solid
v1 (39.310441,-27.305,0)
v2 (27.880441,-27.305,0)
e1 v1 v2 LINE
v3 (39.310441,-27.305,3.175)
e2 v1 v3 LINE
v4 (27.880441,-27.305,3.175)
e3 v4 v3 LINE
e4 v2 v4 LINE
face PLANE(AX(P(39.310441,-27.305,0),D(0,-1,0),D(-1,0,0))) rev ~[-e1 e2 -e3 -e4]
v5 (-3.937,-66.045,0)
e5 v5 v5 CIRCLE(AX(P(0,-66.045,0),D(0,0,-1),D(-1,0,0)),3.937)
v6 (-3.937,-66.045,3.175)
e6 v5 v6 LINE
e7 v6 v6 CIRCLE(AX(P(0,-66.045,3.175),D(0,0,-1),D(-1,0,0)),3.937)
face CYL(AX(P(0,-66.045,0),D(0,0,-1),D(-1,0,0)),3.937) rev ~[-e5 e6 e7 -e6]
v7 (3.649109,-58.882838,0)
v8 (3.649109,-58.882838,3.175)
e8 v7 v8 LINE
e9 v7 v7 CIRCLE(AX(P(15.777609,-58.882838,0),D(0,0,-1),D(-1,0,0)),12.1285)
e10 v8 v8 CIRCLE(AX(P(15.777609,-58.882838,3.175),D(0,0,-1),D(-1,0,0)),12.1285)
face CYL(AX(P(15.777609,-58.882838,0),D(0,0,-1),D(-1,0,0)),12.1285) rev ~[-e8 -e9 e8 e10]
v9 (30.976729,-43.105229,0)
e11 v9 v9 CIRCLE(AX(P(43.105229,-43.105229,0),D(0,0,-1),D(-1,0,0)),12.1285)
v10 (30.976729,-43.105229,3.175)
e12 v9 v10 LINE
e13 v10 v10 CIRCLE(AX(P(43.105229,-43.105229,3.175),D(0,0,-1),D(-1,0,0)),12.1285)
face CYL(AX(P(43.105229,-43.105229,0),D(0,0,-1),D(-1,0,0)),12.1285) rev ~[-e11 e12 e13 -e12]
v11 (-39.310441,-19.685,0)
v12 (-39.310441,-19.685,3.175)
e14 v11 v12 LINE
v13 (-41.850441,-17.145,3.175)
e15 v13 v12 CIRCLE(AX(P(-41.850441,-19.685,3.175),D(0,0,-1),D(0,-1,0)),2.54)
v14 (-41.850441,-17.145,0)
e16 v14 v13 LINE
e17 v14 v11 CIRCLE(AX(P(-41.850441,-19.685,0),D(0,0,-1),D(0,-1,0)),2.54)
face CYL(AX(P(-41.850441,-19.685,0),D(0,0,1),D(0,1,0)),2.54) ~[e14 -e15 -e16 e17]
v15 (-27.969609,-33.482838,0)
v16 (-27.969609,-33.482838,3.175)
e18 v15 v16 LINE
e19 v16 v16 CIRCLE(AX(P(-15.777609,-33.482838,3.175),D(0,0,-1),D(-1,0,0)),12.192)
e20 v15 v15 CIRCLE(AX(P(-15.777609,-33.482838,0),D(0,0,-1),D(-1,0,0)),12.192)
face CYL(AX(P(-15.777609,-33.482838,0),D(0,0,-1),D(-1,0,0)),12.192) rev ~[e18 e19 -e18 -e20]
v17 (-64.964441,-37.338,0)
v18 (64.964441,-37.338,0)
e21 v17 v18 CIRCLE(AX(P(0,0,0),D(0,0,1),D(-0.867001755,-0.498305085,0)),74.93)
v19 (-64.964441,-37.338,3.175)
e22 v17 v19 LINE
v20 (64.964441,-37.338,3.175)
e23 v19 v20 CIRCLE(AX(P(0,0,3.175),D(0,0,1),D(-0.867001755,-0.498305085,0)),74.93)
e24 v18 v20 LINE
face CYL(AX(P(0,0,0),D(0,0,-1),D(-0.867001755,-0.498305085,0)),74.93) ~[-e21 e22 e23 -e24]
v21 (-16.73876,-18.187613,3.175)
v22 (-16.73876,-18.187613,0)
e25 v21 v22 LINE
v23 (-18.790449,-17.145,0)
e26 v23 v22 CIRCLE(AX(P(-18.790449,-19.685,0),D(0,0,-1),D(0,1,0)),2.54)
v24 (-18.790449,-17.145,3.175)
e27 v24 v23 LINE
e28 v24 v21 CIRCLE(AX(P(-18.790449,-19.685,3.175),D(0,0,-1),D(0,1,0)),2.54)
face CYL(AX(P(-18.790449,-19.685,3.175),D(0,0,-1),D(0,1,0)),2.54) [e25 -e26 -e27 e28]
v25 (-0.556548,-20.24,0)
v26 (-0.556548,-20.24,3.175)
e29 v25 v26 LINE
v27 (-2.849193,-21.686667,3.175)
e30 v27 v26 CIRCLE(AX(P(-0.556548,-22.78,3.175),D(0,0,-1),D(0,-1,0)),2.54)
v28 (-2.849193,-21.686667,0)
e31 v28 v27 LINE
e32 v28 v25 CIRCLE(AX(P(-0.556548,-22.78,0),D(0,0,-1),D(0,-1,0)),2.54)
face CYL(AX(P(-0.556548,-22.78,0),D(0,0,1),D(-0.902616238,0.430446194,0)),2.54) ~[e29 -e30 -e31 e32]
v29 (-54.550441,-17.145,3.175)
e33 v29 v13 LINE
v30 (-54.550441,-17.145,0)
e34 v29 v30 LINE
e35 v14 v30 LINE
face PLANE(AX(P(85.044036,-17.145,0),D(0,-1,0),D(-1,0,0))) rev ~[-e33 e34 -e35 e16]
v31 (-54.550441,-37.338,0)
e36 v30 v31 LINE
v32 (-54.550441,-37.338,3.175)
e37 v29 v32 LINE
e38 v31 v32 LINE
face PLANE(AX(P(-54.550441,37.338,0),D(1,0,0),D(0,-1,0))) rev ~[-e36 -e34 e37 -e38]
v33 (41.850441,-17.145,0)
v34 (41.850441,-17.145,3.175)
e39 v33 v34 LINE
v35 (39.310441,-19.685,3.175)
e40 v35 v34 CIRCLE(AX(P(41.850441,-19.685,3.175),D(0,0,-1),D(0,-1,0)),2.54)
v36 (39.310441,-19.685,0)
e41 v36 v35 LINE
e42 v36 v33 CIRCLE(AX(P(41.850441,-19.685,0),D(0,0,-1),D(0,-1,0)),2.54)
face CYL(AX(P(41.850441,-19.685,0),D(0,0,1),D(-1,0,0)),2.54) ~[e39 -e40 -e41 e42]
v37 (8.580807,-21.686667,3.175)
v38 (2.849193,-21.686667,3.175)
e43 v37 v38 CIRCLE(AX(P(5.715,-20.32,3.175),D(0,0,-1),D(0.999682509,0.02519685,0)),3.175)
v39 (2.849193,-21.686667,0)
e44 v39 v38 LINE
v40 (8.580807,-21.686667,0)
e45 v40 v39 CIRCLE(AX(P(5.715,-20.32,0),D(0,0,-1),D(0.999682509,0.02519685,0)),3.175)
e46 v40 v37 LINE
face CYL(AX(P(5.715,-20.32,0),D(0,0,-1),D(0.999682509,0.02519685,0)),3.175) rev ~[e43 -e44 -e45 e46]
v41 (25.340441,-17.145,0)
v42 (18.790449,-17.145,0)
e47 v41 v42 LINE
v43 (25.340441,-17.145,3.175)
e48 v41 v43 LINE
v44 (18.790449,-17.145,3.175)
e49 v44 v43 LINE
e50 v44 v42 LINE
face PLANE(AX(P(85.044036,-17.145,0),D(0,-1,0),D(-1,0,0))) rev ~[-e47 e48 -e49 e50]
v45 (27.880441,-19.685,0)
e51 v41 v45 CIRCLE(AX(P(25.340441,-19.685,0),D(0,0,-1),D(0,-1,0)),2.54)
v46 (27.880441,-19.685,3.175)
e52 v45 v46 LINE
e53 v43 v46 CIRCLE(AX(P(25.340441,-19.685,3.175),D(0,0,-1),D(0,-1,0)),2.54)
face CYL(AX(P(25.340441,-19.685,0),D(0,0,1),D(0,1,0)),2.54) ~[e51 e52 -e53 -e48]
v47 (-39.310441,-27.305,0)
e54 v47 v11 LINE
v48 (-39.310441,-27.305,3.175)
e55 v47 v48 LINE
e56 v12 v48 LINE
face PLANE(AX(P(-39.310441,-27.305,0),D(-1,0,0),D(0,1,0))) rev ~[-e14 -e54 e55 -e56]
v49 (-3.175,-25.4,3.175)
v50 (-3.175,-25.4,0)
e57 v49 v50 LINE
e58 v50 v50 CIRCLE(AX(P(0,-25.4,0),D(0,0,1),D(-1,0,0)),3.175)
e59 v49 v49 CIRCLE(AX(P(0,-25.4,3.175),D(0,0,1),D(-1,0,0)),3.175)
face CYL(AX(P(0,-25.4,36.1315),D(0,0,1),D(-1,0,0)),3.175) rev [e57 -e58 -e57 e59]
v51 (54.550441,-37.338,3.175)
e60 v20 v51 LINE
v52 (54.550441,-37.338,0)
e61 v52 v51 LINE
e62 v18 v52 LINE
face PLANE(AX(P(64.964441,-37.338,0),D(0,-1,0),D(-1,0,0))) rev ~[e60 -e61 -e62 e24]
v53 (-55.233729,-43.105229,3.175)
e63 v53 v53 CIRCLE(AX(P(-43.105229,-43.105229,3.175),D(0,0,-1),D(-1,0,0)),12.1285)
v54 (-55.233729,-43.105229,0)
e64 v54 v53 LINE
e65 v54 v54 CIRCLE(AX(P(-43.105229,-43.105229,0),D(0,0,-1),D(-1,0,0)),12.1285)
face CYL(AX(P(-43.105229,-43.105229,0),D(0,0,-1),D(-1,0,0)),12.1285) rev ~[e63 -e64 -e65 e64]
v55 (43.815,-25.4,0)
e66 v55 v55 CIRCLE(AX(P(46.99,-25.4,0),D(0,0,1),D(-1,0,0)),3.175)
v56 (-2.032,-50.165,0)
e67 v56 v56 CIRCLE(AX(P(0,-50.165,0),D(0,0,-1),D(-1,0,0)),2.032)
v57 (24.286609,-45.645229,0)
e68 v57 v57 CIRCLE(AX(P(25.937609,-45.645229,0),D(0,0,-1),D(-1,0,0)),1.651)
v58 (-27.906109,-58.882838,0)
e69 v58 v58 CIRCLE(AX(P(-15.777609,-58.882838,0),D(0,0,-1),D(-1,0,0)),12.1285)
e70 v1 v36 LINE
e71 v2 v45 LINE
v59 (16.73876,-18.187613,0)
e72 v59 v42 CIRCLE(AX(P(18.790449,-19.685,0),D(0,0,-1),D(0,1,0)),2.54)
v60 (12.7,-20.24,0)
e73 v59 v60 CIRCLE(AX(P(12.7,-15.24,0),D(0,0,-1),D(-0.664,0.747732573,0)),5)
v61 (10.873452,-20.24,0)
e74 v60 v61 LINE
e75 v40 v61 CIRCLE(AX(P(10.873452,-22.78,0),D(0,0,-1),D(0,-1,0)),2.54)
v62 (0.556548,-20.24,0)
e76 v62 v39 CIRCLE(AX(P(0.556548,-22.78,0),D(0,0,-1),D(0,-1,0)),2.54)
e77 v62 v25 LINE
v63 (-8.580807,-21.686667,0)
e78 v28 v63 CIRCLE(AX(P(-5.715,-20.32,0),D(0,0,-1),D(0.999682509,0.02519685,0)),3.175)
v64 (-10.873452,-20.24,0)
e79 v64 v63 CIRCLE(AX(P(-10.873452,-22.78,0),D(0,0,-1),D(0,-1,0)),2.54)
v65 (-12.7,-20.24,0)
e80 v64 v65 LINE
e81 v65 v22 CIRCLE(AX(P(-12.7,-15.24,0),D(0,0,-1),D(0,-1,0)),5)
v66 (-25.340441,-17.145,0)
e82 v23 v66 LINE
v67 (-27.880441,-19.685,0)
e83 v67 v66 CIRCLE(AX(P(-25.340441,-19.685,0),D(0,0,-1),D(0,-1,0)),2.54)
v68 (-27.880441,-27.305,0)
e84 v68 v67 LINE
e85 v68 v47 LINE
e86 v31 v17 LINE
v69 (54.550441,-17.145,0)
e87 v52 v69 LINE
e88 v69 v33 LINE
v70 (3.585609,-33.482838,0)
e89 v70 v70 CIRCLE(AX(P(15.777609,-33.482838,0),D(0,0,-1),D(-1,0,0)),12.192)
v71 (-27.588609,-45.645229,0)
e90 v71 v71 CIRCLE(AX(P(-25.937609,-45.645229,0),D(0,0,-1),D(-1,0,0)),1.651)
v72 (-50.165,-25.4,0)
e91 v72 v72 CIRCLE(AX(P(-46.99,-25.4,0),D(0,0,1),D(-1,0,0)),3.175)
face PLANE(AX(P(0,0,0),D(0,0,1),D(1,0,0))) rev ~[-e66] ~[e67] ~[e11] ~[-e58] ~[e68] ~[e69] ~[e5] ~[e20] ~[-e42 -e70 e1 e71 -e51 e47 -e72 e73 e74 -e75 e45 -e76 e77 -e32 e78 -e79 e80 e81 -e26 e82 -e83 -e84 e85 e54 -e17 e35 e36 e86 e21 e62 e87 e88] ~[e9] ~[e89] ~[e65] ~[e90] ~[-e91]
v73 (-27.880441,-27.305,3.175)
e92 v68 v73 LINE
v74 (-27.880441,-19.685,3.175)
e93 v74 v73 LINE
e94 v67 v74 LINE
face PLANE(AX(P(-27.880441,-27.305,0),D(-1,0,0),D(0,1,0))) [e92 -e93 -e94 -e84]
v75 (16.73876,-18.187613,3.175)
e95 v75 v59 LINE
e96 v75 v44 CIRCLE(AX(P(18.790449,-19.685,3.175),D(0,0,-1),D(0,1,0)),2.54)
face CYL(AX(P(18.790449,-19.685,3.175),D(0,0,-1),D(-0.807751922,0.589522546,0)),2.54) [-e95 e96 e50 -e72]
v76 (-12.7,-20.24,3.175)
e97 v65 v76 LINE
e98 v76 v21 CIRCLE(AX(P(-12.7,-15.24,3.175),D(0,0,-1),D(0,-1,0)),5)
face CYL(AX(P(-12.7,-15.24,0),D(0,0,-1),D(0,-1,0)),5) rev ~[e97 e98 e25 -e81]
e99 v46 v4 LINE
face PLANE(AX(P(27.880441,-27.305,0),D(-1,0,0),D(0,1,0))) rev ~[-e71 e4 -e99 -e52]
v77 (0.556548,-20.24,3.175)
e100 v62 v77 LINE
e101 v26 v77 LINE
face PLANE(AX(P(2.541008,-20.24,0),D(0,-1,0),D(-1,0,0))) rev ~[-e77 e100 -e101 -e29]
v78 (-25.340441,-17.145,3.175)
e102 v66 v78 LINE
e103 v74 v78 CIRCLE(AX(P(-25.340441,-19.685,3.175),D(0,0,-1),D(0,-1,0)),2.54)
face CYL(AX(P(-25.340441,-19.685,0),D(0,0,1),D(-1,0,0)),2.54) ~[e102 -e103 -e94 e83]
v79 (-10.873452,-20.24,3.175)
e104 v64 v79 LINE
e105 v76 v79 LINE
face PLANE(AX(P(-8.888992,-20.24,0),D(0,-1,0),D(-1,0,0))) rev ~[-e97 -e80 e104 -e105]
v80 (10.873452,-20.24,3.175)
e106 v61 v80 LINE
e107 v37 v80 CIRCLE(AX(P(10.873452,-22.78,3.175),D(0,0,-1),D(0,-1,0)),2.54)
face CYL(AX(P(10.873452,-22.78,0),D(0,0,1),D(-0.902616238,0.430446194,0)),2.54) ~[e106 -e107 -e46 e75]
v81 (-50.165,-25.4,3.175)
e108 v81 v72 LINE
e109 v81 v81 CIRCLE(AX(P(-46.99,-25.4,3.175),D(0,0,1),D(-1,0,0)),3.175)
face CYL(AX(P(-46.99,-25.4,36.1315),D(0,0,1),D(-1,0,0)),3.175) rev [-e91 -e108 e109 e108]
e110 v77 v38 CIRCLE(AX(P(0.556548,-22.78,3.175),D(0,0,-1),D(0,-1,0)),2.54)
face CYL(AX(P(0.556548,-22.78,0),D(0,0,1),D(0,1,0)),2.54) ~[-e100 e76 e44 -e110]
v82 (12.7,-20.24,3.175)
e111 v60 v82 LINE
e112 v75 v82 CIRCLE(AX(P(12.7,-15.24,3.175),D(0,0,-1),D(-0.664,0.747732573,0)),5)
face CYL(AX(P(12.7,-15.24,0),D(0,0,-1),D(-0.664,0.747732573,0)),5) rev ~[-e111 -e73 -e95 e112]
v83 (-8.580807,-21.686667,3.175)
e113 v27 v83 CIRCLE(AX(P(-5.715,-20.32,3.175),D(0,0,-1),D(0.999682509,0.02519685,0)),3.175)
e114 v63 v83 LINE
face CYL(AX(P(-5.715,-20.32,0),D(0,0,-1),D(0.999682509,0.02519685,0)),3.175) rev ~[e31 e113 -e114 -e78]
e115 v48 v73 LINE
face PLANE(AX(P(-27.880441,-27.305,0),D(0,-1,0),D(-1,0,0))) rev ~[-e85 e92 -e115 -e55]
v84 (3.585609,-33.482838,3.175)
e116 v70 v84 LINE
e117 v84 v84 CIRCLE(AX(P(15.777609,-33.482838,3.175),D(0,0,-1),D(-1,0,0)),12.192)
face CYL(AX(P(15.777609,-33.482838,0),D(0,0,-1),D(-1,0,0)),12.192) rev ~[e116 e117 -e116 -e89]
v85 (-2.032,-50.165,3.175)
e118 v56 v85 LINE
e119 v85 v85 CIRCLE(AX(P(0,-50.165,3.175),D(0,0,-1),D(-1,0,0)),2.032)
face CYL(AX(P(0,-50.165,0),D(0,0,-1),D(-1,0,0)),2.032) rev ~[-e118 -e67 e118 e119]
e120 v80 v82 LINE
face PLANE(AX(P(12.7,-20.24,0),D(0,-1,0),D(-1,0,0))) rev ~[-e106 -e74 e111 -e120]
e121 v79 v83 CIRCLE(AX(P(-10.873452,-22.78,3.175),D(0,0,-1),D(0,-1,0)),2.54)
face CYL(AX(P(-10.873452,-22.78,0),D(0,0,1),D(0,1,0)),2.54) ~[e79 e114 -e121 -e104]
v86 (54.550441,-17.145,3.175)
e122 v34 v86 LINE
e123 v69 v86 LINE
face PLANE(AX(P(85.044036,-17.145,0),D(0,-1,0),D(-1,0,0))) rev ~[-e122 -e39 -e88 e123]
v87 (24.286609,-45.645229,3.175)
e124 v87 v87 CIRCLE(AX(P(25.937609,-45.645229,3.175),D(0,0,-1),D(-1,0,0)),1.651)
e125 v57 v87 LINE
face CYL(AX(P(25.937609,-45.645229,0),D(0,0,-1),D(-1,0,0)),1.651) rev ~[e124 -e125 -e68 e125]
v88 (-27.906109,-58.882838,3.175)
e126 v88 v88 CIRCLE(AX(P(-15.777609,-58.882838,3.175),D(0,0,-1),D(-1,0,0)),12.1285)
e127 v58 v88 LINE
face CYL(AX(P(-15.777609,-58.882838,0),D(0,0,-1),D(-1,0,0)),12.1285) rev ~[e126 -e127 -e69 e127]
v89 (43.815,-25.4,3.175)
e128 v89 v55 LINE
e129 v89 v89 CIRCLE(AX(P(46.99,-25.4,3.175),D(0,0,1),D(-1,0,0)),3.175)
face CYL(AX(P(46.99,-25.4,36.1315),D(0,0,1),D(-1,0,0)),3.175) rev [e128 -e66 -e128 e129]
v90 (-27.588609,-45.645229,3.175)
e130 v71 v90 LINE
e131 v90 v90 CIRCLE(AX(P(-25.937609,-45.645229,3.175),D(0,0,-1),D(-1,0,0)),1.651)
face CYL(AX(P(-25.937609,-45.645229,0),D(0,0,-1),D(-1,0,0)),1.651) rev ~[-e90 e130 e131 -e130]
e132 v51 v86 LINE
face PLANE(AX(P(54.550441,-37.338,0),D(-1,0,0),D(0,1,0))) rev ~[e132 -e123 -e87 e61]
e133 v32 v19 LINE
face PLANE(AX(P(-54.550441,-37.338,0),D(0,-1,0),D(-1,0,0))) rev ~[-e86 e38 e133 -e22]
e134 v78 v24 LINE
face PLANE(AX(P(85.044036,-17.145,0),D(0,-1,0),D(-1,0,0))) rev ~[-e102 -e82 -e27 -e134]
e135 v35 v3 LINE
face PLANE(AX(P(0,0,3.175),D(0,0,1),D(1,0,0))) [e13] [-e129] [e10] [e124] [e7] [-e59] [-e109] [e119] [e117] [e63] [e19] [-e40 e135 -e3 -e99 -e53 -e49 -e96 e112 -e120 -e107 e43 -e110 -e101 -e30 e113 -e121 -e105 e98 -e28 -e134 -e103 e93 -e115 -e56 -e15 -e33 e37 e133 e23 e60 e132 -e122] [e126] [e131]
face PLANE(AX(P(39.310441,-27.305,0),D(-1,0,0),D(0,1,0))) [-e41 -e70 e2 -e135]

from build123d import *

# Parameters (mm, degrees)
SKETCH1_R                = 1.651
BOSS_EXTRUDE2_DEPTH      = 3.175
SKETCH2_R                = 1.143
CUT_EXTRUDE1_DEPTH       = 4.175
SKETCH3_R                = 12.1285
CUT_EXTRUDE2_DEPTH       = 4.175
SKETCH4_W                = 28.562713242
SKETCH4_H                = 11.677503754
BOSS_EXTRUDE3_DEPTH      = 3.175
SKETCH5_W                = 216.7214489
SKETCH5_H                = 130.569220634
CUT_EXTRUDE4_DEPTH       = 4.175
SKETCH11_R               = 3.937
CUT_EXTRUDE11_DEPTH      = 4.175
SKETCH12_W               = 11.43
SKETCH12_H               = 10.16
CUT_EXTRUDE12_DEPTH      = 4.175
SKETCH16_R               = 12.192
CUT_EXTRUDE16_DEPTH      = 21.59
SKETCH57_R               = 1.651
CUT_EXTRUDE57_DEPTH      = 58.674
SKETCH58_R               = 3.175
CUT_EXTRUDE58_DEPTH      = 103.378
CUT_EXTRUDE58_DEPTH_BACK = 48.768
CUT_EXTRUDE15_DEPTH      = 21.59
FILLET1_R                = 2.54
SKETCH59_R               = 2.032
CUT_EXTRUDE59_DEPTH      = 11.938


with BuildPart() as part:
    # Sketch1 → Boss-Extrude2 (new body)
    with BuildSketch(Plane.XY):
        with BuildLine():
            Line((-64.964441474, 37.338), (-54.550441474, 37.338))
            Line((-54.550441474, 37.338), (-54.550441474, -37.338))
            Line((-54.550441474, -37.338), (-64.964441474, -37.338))
            ThreePointArc((-64.964441474, -37.338), (0, -74.93), (64.964441474, -37.338))
            Line((64.964441474, -37.338), (54.550441474, -37.338))
            Line((54.550441474, -37.338), (54.550441474, 37.338))
            Line((54.550441474, 37.338), (64.964441474, 37.338))
            ThreePointArc((64.964441474, 37.338), (0, 74.93), (-64.964441474, 37.338))
        make_face()
        with Locations((-46.482, 11.049)):
            Circle(SKETCH1_R, mode=Mode.SUBTRACT)
        with Locations((-21.083270032, 10.795)):
            Circle(SKETCH1_R, mode=Mode.SUBTRACT)
        with Locations((-21.083270032, -10.795)):
            Circle(SKETCH1_R, mode=Mode.SUBTRACT)
        with Locations((-46.482, -11.049)):
            Circle(SKETCH1_R, mode=Mode.SUBTRACT)
        with Locations((46.482, -11.049)):
            Circle(SKETCH1_R, mode=Mode.SUBTRACT)
        with Locations((21.083270032, -10.795)):
            Circle(SKETCH1_R, mode=Mode.SUBTRACT)
        with Locations((21.083270032, 10.795)):
            Circle(SKETCH1_R, mode=Mode.SUBTRACT)
        with Locations((46.482, 11.049)):
            Circle(SKETCH1_R, mode=Mode.SUBTRACT)
    extrude(amount=BOSS_EXTRUDE2_DEPTH)

    # Sketch2 → Cut-Extrude1 (cut, through all)
    with BuildSketch(Plane.XY.offset(3.175)):
        with Locations((-6.731, 62.23)):
            Circle(SKETCH2_R)
        with Locations((6.731, 62.23)):
            Circle(SKETCH2_R)
    extrude(amount=-CUT_EXTRUDE1_DEPTH, mode=Mode.SUBTRACT)

    # Sketch3 → Cut-Extrude2 (cut, through all)
    with BuildSketch(Plane(origin=(0, 0, 0), x_dir=(-1, 0, 0), z_dir=(0, 0, -1))):
        with Locations((-15.777608989, -58.882838371)):
            Circle(SKETCH3_R)
        with Locations((15.777608989, -58.882838371)):
            Circle(SKETCH3_R)
        with Locations((-43.105229381, -43.105229381)):
            Circle(SKETCH3_R)
        with Locations((-43.105229381, 43.105229381)):
            Circle(SKETCH3_R)
        with Locations((43.105229381, 43.105229381)):
            Circle(SKETCH3_R)
        with Locations((43.105229381, -43.105229381)):
            Circle(SKETCH3_R)
    extrude(amount=-CUT_EXTRUDE2_DEPTH, mode=Mode.SUBTRACT)

    # Sketch4 → Boss-Extrude3 (add)
    with BuildSketch(Plane(origin=(0, 0, 0), x_dir=(-1, 0, 0), z_dir=(0, 0, -1))):
        with Locations((-1.488809975, 62.152540216)):
            Rectangle(SKETCH4_W, SKETCH4_H)
    extrude(amount=-BOSS_EXTRUDE3_DEPTH)

    # Sketch5 → Cut-Extrude4 (cut, through all)
    with BuildSketch(Plane(origin=(0, 0, 0), x_dir=(-1, 0, 0), z_dir=(0, 0, -1))):
        with Locations((23.316688373, 48.139610317)):
            Rectangle(SKETCH5_W, SKETCH5_H)
    extrude(amount=-CUT_EXTRUDE4_DEPTH, mode=Mode.SUBTRACT)

    # Sketch11 → Cut-Extrude11 (cut, through all)
    with BuildSketch(Plane(origin=(0, 0, 0), x_dir=(-1, 0, 0), z_dir=(0, 0, -1))):
        with Locations((0, -66.045)):
            Circle(SKETCH11_R)
    extrude(amount=-CUT_EXTRUDE11_DEPTH, mode=Mode.SUBTRACT)

    # Sketch12 → Cut-Extrude12 (cut, through all)
    with BuildSketch(Plane(origin=(0, 0, 0), x_dir=(-1, 0, 0), z_dir=(0, 0, -1))):
        with Locations((-33.595441474, -22.225)):
            Rectangle(SKETCH12_W, SKETCH12_H)
        with Locations((33.595441474, -22.225)):
            Rectangle(SKETCH12_W, SKETCH12_H)
    extrude(amount=-CUT_EXTRUDE12_DEPTH, mode=Mode.SUBTRACT)

    # Sketch16 → Cut-Extrude16 (cut)
    with BuildSketch(Plane(origin=(0, 0, 0), x_dir=(-1, 0, 0), z_dir=(0, 0, -1))):
        with Locations((15.777608989, -33.482838371)):
            Circle(SKETCH16_R)
        with Locations((-15.777608989, -33.482838371)):
            Circle(SKETCH16_R)
    extrude(amount=-CUT_EXTRUDE16_DEPTH, mode=Mode.SUBTRACT)

    # Sketch57 → Cut-Extrude57 (cut)
    with BuildSketch(Plane(origin=(0, 0, 0), x_dir=(-1, 0, 0), z_dir=(0, 0, -1))):
        with Locations((-25.937608989, -45.645229381)):
            Circle(SKETCH57_R)
        with Locations((25.937608989, -45.645229381)):
            Circle(SKETCH57_R)
    extrude(amount=-CUT_EXTRUDE57_DEPTH, mode=Mode.SUBTRACT)

    # Sketch58 → Cut-Extrude58 (cut, two sides)
    with BuildSketch(Plane(origin=(30.092005081, 4.08352975, 36.1315), x_dir=(-1, 0, 0), z_dir=(0, 0, -1))) as cut_extrude58_sk:
        with Locations((77.082005081, -29.48352975)):
            Circle(SKETCH58_R)
        with Locations((30.092005081, -29.48352975)):
            Circle(SKETCH58_R)
        with Locations((-16.897994919, -29.48352975)):
            Circle(SKETCH58_R)
    extrude(amount=CUT_EXTRUDE58_DEPTH, mode=Mode.SUBTRACT)
    extrude(cut_extrude58_sk.sketch, amount=-CUT_EXTRUDE58_DEPTH_BACK, mode=Mode.SUBTRACT)

    # Sketch15 → Cut-Extrude15 (cut)
    with BuildSketch(Plane(origin=(0, 0, 0), x_dir=(-1, 0, 0), z_dir=(0, 0, -1))):
        with BuildLine():
            Line((-12.7, -20.24), (-8.888991966, -20.24))
            ThreePointArc((-8.888991966, -20.24), (-5.715, -23.495), (-2.541008034, -20.24))
            Line((-2.541008034, -20.24), (2.541008034, -20.24))
            ThreePointArc((2.541008034, -20.24), (5.715, -23.495), (8.888991966, -20.24))
            Line((8.888991966, -20.24), (12.7, -20.24))
            ThreePointArc((12.7, -20.24), (16.235533906, -11.704466094), (7.7, -15.24))
            Line((7.7, -15.24), (-1.06, -15.24))
            ThreePointArc((-1.06, -15.24), (-4.010609847, -10.6792983), (-9.38, -11.501337137))
            ThreePointArc((-9.38, -11.501337137), (-17.374040774, -13.464234575), (-12.7, -20.24))
        make_face()
    extrude(amount=-CUT_EXTRUDE15_DEPTH, mode=Mode.SUBTRACT)

    # Fillet1
    fillet1_edges = [part.edges().sort_by_distance(p)[0] for p in [
        (39.310441474, -17.145, 1.5875),
        (27.880441474, -17.145, 1.5875),
        (-27.880441474, -17.145, 1.5875),
        (-39.310441474, -17.145, 1.5875),
        (-17.322875188, -17.145, 1.5875),
        (17.322875188, -17.145, 1.5875),
        (-8.888991966, -20.24, 1.5875),
        (-2.541008034, -20.24, 1.5875),
        (2.541008034, -20.24, 1.5875),
        (8.888991966, -20.24, 1.5875),
    ]]
    fillet(fillet1_edges, radius=FILLET1_R)

    # Sketch59 → Cut-Extrude59 (cut)
    with BuildSketch(Plane(origin=(0, 0, 0), x_dir=(-1, 0, 0), z_dir=(0, 0, -1))):
        with Locations((0, -50.165)):
            Circle(SKETCH59_R)
    extrude(amount=-CUT_EXTRUDE59_DEPTH, mode=Mode.SUBTRACT)


solid = part.part
